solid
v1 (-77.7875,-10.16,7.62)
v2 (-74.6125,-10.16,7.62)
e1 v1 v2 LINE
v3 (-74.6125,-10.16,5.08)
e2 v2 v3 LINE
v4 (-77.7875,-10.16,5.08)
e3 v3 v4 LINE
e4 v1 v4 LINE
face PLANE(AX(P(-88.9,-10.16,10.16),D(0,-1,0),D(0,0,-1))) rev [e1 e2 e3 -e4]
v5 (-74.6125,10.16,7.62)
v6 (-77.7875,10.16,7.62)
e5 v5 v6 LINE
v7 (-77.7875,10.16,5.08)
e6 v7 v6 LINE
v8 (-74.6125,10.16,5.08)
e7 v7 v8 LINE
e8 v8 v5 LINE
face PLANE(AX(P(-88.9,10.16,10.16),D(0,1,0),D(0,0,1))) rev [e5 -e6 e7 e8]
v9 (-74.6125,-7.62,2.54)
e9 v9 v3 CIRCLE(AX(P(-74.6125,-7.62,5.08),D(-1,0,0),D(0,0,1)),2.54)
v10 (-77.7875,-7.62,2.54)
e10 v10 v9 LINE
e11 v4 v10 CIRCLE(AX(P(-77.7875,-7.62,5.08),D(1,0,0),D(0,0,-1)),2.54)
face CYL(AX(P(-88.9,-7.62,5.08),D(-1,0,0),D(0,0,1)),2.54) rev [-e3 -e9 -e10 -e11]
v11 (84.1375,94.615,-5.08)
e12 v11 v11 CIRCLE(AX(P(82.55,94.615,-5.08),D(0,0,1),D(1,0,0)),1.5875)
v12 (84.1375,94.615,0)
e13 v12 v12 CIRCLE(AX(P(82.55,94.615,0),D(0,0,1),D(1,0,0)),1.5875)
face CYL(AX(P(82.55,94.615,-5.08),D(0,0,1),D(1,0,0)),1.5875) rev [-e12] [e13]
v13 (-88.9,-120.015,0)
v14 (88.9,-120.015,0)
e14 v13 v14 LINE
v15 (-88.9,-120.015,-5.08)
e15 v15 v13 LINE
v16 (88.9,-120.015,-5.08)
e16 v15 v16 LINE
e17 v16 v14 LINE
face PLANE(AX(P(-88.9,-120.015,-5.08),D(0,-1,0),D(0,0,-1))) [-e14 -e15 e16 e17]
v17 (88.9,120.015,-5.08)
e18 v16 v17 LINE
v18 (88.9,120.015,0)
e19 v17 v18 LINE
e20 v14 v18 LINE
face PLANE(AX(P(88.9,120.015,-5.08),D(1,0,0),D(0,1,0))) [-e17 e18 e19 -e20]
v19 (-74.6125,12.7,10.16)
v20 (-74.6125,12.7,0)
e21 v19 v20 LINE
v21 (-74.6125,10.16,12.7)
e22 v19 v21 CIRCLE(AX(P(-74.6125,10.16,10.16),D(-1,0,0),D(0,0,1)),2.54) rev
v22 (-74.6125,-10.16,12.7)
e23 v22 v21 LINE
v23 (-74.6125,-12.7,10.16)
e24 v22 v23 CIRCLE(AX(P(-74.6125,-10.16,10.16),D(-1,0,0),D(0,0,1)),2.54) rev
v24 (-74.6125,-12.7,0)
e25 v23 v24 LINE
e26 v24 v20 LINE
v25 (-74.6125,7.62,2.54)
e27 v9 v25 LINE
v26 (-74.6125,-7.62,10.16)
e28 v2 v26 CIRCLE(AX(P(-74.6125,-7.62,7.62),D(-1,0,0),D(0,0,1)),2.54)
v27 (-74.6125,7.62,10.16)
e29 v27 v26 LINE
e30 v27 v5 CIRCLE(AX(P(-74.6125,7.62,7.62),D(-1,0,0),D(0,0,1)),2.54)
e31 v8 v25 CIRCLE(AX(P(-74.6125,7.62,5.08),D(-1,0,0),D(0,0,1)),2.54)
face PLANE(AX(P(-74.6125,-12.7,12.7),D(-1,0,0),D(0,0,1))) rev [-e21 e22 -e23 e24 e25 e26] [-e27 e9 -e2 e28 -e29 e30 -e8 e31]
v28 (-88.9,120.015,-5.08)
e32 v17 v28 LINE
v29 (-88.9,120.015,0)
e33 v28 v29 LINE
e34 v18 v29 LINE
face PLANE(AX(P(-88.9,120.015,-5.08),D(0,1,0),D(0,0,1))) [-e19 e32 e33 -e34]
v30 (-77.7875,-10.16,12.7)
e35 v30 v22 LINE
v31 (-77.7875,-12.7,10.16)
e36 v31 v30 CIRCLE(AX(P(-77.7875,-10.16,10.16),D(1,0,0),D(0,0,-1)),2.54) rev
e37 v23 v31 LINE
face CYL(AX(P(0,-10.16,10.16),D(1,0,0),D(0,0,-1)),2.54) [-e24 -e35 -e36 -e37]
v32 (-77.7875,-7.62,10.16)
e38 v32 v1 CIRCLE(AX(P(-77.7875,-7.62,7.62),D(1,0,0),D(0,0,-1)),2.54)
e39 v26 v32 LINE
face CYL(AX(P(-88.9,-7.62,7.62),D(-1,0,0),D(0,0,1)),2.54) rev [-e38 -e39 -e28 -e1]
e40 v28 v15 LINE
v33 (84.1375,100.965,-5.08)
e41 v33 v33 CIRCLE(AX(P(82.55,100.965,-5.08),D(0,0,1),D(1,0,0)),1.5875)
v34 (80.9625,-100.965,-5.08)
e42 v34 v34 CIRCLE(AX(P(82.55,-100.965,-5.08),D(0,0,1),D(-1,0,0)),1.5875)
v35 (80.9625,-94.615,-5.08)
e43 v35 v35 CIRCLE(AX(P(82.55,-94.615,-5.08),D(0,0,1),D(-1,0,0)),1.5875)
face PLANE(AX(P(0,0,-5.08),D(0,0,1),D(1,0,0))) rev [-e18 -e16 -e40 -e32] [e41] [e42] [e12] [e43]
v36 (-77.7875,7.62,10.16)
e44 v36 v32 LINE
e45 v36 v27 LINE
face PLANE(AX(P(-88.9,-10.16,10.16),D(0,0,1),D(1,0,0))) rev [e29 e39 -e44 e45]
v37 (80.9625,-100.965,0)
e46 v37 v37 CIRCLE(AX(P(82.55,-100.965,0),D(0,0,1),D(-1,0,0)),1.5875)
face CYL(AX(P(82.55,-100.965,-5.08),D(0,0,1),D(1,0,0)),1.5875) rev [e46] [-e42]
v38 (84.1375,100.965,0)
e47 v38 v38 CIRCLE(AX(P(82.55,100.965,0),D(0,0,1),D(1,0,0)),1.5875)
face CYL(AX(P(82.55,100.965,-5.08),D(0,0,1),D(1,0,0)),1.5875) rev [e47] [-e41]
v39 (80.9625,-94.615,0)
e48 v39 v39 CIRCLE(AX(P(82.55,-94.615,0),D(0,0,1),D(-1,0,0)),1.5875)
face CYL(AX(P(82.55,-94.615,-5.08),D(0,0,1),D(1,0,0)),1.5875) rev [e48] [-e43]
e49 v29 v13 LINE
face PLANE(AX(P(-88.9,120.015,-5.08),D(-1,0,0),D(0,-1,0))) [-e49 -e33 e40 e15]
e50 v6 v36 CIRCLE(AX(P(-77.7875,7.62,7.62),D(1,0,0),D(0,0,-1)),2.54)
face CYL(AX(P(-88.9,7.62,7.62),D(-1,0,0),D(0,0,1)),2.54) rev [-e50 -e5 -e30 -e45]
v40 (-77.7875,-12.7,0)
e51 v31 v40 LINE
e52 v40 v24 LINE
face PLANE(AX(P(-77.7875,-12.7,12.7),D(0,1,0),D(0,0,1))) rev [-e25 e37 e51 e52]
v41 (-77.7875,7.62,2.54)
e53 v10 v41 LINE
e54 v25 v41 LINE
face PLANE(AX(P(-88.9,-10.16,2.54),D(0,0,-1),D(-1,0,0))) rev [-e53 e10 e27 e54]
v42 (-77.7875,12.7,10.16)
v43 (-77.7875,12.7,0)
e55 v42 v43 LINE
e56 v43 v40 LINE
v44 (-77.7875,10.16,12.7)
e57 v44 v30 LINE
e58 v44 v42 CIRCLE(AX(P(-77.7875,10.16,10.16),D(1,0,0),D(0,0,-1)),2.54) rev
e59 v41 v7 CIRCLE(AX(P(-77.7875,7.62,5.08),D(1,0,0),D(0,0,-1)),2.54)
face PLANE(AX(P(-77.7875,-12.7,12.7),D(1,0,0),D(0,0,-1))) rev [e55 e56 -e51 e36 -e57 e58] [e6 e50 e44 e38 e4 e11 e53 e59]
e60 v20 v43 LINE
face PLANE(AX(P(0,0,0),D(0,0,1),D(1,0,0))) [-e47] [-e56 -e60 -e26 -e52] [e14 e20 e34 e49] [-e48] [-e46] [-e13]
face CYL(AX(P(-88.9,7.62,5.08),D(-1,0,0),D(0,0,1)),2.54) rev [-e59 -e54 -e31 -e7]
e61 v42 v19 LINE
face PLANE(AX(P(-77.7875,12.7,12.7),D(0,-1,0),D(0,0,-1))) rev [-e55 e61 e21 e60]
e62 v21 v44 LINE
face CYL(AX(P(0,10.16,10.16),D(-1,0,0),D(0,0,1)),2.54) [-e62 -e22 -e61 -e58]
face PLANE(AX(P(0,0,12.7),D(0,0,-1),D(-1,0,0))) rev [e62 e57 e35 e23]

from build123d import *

# Parameters (mm, degrees)
SKETCH1_W           = 177.8
SKETCH1_H           = 240.03
BOSS_EXTRUDE1_DEPTH = 5.08
SKETCH2_R           = 1.5875
CUT_EXTRUDE1_DEPTH  = 150.441013865
SKETCH3_W           = 3.175
SKETCH3_H           = 25.4
BOSS_EXTRUDE2_DEPTH = 12.7
SKETCH4_W           = 7.62
SKETCH4_H           = 20.32
CUT_EXTRUDE2_DEPTH  = 204.227035311
FILLET1_R           = 2.54


with BuildPart() as part:
    # Sketch1 → Boss-Extrude1 (new body)
    with BuildSketch(Plane.XY):
        Rectangle(SKETCH1_W, SKETCH1_H)
    extrude(amount=-BOSS_EXTRUDE1_DEPTH)

    # Sketch2 → Cut-Extrude1 (cut, through all)
    with BuildSketch(Plane.XY):
        with Locations((82.55, 100.965)):
            Circle(SKETCH2_R)
        with Locations((82.55, 94.615)):
            Circle(SKETCH2_R)
        with Locations(Location((82.55, -94.615, 0), (0, 0, 180))):
            Circle(SKETCH2_R)
        with Locations(Location((82.55, -100.965, 0), (0, 0, 180))):
            Circle(SKETCH2_R)
    extrude(amount=-CUT_EXTRUDE1_DEPTH, mode=Mode.SUBTRACT)

    # Sketch3 → Boss-Extrude2 (add)
    with BuildSketch(Plane.XY):
        with Locations((-76.2, 0)):
            Rectangle(SKETCH3_W, SKETCH3_H)
    extrude(amount=BOSS_EXTRUDE2_DEPTH)

    # Sketch4 → Cut-Extrude2 (cut, through all)
    with BuildSketch(Plane(origin=(-74.6125, 0, 0), x_dir=(0, 0, -1), z_dir=(1, 0, 0))):
        with Locations((-6.35, 0)):
            Rectangle(SKETCH4_W, SKETCH4_H)
    extrude(amount=-CUT_EXTRUDE2_DEPTH, mode=Mode.SUBTRACT)

    # Fillet1
    fillet1_edges = [part.edges().sort_by_distance(p)[0] for p in [
        (-76.2, 12.7, 12.7),
        (-76.2, -12.7, 12.7),
        (-76.2, 10.16, 2.54),
        (-76.2, -10.16, 2.54),
        (-76.2, -10.16, 10.16),
        (-76.2, 10.16, 10.16),
    ]]
    fillet(fillet1_edges, radius=FILLET1_R)


solid = part.part
